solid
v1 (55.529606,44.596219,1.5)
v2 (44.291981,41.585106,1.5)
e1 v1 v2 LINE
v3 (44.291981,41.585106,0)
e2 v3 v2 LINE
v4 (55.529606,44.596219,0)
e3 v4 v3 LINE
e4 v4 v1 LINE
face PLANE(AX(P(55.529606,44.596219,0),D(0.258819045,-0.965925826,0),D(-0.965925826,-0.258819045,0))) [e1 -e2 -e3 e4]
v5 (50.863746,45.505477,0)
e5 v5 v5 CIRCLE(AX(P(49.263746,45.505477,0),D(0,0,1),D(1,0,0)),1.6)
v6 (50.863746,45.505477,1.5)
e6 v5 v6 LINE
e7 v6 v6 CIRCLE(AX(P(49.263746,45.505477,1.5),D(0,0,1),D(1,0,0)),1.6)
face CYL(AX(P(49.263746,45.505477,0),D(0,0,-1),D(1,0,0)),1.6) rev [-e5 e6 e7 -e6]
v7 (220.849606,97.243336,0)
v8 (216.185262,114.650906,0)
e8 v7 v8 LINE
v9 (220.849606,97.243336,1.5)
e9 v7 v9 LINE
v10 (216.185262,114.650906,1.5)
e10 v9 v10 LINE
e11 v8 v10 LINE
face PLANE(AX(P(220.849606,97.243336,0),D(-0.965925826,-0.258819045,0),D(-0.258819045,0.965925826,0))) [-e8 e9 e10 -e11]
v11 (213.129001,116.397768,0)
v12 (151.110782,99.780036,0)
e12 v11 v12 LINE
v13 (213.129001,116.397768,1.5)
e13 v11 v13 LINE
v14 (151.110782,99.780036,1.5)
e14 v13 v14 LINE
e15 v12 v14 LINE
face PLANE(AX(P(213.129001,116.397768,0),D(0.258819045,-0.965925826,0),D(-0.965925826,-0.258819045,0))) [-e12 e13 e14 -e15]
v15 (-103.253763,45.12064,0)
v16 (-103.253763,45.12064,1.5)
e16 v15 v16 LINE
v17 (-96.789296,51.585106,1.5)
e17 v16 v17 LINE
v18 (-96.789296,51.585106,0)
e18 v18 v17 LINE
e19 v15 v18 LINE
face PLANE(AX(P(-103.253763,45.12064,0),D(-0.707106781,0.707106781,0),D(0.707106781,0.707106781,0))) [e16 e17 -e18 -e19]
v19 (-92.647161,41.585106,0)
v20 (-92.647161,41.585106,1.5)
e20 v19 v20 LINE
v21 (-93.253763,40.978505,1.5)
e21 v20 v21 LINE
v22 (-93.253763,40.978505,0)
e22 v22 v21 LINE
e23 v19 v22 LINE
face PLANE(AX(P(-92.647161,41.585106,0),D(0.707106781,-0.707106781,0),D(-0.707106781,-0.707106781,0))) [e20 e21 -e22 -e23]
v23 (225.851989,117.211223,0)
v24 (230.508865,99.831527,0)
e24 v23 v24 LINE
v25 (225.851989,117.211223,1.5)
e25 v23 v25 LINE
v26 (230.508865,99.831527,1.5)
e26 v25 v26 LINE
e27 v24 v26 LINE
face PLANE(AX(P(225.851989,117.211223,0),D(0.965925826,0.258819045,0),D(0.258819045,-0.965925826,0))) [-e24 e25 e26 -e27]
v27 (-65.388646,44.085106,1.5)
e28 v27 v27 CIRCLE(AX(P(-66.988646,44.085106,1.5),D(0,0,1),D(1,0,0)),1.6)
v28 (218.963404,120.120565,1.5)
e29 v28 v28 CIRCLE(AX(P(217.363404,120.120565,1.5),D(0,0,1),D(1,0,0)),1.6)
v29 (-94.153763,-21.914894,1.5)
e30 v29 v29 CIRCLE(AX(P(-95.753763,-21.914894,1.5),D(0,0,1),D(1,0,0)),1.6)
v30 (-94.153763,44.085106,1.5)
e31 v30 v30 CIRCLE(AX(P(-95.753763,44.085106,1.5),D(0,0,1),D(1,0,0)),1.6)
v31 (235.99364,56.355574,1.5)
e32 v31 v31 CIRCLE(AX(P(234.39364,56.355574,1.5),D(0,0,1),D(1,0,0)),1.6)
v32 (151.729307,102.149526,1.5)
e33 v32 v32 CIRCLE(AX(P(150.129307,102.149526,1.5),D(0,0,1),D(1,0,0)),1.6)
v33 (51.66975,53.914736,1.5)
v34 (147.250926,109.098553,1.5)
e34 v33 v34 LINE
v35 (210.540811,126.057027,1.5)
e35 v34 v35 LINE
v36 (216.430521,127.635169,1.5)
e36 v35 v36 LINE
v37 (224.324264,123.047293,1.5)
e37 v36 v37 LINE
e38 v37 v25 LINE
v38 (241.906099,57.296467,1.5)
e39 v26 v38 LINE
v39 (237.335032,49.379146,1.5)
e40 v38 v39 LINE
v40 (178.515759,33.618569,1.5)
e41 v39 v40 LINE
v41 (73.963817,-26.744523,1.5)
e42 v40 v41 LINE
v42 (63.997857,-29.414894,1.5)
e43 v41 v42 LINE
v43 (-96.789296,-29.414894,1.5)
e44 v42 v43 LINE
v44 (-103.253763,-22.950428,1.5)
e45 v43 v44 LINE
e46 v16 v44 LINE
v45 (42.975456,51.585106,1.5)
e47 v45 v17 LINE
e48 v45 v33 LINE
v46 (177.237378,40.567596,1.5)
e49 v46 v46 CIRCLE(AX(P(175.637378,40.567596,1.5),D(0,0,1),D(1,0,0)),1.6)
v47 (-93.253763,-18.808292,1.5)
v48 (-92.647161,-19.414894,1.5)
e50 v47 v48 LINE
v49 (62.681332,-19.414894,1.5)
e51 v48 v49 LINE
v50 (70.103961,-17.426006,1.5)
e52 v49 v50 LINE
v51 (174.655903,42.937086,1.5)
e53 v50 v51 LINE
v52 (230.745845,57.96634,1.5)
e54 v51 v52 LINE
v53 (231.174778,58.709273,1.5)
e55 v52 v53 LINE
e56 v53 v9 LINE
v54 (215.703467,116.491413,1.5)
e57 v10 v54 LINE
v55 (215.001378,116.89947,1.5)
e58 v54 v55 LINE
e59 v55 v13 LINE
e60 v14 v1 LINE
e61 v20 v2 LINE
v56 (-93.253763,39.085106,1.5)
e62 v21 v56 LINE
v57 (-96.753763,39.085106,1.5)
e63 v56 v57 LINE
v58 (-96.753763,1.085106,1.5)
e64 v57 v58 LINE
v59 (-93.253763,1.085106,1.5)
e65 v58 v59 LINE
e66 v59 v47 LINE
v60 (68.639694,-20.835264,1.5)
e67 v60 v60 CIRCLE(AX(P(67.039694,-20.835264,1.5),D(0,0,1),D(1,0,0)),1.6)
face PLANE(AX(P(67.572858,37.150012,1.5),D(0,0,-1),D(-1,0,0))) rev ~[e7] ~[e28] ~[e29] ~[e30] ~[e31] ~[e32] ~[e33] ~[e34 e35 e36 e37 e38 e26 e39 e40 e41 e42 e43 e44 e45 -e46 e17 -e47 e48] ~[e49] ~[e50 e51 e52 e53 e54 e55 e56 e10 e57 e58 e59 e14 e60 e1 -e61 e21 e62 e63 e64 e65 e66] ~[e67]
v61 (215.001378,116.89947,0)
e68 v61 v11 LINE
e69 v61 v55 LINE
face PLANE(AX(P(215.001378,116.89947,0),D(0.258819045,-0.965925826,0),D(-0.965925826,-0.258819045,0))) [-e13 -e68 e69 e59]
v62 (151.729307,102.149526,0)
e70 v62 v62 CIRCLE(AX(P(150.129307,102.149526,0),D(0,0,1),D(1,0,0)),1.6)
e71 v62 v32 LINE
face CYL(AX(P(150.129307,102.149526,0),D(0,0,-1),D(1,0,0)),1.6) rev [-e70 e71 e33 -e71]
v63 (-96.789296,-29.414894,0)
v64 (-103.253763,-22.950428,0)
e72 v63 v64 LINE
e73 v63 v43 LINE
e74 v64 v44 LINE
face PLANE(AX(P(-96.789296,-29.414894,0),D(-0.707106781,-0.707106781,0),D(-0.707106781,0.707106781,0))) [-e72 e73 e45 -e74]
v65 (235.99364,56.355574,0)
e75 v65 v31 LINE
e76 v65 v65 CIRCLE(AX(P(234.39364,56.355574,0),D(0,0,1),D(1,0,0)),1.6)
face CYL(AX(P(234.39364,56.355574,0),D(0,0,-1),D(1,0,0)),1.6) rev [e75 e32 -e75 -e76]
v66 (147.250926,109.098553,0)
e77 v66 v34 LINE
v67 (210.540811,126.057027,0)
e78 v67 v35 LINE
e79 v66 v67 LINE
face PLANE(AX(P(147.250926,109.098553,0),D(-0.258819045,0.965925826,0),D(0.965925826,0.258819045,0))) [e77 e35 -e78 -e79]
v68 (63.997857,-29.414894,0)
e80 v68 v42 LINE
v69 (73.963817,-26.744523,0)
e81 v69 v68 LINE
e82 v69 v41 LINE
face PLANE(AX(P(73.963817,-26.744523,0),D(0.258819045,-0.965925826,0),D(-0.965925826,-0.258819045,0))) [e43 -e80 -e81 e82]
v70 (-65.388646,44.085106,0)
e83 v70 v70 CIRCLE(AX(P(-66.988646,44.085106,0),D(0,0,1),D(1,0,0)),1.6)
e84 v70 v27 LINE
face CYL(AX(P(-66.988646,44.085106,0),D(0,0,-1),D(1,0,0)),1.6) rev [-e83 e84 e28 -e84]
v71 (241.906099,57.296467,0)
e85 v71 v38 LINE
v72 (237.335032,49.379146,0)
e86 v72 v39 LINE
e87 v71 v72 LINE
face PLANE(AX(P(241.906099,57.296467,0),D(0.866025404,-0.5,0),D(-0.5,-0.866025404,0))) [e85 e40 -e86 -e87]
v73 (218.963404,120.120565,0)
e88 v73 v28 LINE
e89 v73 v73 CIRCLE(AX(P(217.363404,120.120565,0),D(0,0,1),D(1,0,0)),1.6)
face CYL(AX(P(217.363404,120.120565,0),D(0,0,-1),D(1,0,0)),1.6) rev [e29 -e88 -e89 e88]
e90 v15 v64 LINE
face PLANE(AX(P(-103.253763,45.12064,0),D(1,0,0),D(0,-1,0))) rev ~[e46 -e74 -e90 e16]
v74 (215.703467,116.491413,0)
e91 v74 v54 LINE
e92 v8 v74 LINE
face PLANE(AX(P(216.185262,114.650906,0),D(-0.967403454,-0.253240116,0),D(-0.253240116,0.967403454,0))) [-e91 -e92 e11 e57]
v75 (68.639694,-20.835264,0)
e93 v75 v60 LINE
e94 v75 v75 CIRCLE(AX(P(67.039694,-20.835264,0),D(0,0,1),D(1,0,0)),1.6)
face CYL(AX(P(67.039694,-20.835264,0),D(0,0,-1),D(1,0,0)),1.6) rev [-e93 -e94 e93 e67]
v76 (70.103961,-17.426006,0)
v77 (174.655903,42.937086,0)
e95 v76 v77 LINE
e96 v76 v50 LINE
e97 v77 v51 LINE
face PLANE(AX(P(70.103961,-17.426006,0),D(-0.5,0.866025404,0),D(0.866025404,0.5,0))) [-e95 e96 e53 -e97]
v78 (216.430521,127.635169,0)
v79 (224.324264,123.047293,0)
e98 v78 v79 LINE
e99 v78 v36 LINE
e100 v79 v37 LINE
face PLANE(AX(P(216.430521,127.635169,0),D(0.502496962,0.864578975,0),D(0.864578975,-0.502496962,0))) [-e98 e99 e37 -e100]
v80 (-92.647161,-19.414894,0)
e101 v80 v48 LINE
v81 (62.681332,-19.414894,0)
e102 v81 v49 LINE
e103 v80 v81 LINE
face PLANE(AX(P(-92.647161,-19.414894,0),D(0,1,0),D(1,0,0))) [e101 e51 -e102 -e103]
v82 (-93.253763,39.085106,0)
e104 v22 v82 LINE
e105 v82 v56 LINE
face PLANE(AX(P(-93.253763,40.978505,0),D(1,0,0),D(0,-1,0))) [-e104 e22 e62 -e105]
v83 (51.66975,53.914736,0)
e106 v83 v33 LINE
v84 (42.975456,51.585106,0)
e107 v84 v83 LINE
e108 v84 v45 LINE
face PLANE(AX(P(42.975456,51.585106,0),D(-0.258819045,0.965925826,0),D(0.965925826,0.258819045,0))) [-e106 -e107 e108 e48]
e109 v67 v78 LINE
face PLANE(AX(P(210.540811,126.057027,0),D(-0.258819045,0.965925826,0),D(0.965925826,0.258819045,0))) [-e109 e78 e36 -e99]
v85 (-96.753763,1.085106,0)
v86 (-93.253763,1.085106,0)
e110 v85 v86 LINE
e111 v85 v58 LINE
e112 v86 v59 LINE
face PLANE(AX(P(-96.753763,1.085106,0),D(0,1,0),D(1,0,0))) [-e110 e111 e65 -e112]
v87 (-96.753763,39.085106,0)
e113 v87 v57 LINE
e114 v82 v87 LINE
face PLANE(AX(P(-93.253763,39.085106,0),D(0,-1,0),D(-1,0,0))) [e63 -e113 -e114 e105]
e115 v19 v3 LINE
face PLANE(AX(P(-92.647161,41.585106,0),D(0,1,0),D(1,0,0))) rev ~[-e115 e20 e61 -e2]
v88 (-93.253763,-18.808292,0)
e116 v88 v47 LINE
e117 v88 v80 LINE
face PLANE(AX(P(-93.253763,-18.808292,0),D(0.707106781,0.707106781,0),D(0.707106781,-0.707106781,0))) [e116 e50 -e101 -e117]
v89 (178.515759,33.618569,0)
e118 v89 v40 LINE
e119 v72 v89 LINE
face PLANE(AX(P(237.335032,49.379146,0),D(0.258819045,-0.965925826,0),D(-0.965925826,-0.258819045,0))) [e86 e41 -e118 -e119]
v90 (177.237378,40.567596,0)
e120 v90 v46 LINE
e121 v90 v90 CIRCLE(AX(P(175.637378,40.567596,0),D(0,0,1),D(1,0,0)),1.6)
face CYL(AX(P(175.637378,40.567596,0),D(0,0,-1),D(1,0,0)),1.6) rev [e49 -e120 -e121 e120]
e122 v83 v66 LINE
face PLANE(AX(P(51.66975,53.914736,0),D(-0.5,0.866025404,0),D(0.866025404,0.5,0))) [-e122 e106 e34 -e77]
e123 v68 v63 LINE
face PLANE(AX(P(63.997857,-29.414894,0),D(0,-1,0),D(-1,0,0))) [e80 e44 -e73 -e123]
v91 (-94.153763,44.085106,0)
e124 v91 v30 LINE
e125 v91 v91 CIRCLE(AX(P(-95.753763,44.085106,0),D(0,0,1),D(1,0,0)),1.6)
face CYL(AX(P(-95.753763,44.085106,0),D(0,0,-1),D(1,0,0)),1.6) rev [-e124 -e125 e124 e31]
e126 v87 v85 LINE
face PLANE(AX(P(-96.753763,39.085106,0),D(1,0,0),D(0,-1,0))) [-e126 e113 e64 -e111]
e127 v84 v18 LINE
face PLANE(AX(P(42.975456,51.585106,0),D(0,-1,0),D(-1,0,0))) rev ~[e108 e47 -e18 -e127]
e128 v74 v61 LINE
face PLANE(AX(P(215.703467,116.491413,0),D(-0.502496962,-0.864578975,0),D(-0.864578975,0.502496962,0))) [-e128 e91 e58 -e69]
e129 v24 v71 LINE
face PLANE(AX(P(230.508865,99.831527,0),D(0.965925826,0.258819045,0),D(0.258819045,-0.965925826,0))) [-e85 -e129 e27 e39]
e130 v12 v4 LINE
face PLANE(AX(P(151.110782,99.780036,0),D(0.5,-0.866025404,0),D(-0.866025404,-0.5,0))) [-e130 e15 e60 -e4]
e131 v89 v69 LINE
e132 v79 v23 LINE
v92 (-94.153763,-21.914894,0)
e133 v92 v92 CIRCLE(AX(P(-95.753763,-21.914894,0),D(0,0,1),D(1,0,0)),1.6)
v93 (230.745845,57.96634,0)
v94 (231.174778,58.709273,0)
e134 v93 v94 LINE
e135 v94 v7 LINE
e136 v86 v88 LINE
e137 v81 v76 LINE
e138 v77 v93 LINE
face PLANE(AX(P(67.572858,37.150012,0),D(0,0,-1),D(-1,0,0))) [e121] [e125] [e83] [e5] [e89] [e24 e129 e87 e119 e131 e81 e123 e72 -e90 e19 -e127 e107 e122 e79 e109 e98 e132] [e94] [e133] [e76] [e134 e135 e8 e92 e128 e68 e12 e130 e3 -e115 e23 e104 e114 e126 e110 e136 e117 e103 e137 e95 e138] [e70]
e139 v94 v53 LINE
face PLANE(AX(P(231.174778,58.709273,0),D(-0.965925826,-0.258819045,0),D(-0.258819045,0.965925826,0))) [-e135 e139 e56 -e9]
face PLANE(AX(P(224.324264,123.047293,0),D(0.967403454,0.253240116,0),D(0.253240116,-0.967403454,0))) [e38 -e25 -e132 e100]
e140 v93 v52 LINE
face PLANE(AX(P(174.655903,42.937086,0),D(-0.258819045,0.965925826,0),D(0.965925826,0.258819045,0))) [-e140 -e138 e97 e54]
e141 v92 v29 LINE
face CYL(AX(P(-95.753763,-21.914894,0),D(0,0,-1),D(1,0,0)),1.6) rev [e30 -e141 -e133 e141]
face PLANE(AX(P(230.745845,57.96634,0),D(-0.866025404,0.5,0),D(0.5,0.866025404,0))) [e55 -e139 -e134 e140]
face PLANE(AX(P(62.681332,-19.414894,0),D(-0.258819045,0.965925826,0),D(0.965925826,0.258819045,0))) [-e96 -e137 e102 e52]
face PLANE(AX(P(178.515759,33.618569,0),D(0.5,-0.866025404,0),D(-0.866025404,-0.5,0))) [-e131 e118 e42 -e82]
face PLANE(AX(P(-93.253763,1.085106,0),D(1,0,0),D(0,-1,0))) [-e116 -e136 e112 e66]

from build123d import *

# Parameters (mm, degrees)
ESQUISSE1_R        = 1.6
BOSS_EXTRU_1_DEPTH = 1.5


with BuildPart() as part:
    # Esquisse1 → Boss.-Extru.1 (new body)
    with BuildSketch(Plane.XY):
        Polygon((-75.988646329, 51.585106383), (42.975455994, 51.585106383), (51.669750275, 53.914735514), (147.250925797, 109.098552931), (210.540810955, 126.057026549), (216.43052053, 127.635169473), (224.324263617, 123.047292559), (225.851989006, 117.211223452), (230.508864659, 99.83152691), (241.906099495, 57.296467436), (237.335031683, 49.379145741), (178.515758799, 33.618569072), (73.963816863, -26.744522748), (63.997857106, -29.414893617), (-96.789296468, -29.414893617), (-103.253762562, -22.950427523), (-103.253762562, 35.79522772), (-103.253762562, 45.120640289), (-96.789296468, 51.585106383), align=None)
        with Locations((-95.753762562, 44.085106383)):
            Circle(ESQUISSE1_R, mode=Mode.SUBTRACT)
        with Locations((-66.988646329, 44.085106383)):
            Circle(ESQUISSE1_R, mode=Mode.SUBTRACT)
        with Locations((-95.753762562, -21.914893617)):
            Circle(ESQUISSE1_R, mode=Mode.SUBTRACT)
        with Locations((67.039694146, -20.835264486)):
            Circle(ESQUISSE1_R, mode=Mode.SUBTRACT)
        with Locations((49.263745973, 45.505477252)):
            Circle(ESQUISSE1_R, mode=Mode.SUBTRACT)
        with Locations((175.637377655, 40.567595866)):
            Circle(ESQUISSE1_R, mode=Mode.SUBTRACT)
        with Locations((150.12930694, 102.149526137)):
            Circle(ESQUISSE1_R, mode=Mode.SUBTRACT)
        with Locations((217.363403759, 120.120565138)):
            Circle(ESQUISSE1_R, mode=Mode.SUBTRACT)
        with Locations((234.393639901, 56.355573542)):
            Circle(ESQUISSE1_R, mode=Mode.SUBTRACT)
        Polygon((-93.253762562, 39.085106383), (-96.753762562, 39.085106383), (-96.753762562, 1.085106383), (-93.253762562, 1.085106383), (-93.253762562, -18.808291899), (-92.647160844, -19.414893617), (62.681332131, -19.414893617), (70.103960937, -17.426006223), (174.655902873, 42.937085598), (230.745845457, 57.966340417), (231.174777645, 58.70927276), (220.849606396, 97.243336459), (216.185262108, 114.650906326), (215.703467251, 116.491412548), (215.001377661, 116.899469991), (213.129001406, 116.397768286), (151.110781723, 99.780036406), (55.529606201, 44.596218989), (44.29198097, 41.585106383), (-75.988646329, 41.585106383), (-92.647160844, 41.585106383), (-93.253762562, 40.978504665), align=None, mode=Mode.SUBTRACT)
    extrude(amount=BOSS_EXTRU_1_DEPTH)


solid = part.part
